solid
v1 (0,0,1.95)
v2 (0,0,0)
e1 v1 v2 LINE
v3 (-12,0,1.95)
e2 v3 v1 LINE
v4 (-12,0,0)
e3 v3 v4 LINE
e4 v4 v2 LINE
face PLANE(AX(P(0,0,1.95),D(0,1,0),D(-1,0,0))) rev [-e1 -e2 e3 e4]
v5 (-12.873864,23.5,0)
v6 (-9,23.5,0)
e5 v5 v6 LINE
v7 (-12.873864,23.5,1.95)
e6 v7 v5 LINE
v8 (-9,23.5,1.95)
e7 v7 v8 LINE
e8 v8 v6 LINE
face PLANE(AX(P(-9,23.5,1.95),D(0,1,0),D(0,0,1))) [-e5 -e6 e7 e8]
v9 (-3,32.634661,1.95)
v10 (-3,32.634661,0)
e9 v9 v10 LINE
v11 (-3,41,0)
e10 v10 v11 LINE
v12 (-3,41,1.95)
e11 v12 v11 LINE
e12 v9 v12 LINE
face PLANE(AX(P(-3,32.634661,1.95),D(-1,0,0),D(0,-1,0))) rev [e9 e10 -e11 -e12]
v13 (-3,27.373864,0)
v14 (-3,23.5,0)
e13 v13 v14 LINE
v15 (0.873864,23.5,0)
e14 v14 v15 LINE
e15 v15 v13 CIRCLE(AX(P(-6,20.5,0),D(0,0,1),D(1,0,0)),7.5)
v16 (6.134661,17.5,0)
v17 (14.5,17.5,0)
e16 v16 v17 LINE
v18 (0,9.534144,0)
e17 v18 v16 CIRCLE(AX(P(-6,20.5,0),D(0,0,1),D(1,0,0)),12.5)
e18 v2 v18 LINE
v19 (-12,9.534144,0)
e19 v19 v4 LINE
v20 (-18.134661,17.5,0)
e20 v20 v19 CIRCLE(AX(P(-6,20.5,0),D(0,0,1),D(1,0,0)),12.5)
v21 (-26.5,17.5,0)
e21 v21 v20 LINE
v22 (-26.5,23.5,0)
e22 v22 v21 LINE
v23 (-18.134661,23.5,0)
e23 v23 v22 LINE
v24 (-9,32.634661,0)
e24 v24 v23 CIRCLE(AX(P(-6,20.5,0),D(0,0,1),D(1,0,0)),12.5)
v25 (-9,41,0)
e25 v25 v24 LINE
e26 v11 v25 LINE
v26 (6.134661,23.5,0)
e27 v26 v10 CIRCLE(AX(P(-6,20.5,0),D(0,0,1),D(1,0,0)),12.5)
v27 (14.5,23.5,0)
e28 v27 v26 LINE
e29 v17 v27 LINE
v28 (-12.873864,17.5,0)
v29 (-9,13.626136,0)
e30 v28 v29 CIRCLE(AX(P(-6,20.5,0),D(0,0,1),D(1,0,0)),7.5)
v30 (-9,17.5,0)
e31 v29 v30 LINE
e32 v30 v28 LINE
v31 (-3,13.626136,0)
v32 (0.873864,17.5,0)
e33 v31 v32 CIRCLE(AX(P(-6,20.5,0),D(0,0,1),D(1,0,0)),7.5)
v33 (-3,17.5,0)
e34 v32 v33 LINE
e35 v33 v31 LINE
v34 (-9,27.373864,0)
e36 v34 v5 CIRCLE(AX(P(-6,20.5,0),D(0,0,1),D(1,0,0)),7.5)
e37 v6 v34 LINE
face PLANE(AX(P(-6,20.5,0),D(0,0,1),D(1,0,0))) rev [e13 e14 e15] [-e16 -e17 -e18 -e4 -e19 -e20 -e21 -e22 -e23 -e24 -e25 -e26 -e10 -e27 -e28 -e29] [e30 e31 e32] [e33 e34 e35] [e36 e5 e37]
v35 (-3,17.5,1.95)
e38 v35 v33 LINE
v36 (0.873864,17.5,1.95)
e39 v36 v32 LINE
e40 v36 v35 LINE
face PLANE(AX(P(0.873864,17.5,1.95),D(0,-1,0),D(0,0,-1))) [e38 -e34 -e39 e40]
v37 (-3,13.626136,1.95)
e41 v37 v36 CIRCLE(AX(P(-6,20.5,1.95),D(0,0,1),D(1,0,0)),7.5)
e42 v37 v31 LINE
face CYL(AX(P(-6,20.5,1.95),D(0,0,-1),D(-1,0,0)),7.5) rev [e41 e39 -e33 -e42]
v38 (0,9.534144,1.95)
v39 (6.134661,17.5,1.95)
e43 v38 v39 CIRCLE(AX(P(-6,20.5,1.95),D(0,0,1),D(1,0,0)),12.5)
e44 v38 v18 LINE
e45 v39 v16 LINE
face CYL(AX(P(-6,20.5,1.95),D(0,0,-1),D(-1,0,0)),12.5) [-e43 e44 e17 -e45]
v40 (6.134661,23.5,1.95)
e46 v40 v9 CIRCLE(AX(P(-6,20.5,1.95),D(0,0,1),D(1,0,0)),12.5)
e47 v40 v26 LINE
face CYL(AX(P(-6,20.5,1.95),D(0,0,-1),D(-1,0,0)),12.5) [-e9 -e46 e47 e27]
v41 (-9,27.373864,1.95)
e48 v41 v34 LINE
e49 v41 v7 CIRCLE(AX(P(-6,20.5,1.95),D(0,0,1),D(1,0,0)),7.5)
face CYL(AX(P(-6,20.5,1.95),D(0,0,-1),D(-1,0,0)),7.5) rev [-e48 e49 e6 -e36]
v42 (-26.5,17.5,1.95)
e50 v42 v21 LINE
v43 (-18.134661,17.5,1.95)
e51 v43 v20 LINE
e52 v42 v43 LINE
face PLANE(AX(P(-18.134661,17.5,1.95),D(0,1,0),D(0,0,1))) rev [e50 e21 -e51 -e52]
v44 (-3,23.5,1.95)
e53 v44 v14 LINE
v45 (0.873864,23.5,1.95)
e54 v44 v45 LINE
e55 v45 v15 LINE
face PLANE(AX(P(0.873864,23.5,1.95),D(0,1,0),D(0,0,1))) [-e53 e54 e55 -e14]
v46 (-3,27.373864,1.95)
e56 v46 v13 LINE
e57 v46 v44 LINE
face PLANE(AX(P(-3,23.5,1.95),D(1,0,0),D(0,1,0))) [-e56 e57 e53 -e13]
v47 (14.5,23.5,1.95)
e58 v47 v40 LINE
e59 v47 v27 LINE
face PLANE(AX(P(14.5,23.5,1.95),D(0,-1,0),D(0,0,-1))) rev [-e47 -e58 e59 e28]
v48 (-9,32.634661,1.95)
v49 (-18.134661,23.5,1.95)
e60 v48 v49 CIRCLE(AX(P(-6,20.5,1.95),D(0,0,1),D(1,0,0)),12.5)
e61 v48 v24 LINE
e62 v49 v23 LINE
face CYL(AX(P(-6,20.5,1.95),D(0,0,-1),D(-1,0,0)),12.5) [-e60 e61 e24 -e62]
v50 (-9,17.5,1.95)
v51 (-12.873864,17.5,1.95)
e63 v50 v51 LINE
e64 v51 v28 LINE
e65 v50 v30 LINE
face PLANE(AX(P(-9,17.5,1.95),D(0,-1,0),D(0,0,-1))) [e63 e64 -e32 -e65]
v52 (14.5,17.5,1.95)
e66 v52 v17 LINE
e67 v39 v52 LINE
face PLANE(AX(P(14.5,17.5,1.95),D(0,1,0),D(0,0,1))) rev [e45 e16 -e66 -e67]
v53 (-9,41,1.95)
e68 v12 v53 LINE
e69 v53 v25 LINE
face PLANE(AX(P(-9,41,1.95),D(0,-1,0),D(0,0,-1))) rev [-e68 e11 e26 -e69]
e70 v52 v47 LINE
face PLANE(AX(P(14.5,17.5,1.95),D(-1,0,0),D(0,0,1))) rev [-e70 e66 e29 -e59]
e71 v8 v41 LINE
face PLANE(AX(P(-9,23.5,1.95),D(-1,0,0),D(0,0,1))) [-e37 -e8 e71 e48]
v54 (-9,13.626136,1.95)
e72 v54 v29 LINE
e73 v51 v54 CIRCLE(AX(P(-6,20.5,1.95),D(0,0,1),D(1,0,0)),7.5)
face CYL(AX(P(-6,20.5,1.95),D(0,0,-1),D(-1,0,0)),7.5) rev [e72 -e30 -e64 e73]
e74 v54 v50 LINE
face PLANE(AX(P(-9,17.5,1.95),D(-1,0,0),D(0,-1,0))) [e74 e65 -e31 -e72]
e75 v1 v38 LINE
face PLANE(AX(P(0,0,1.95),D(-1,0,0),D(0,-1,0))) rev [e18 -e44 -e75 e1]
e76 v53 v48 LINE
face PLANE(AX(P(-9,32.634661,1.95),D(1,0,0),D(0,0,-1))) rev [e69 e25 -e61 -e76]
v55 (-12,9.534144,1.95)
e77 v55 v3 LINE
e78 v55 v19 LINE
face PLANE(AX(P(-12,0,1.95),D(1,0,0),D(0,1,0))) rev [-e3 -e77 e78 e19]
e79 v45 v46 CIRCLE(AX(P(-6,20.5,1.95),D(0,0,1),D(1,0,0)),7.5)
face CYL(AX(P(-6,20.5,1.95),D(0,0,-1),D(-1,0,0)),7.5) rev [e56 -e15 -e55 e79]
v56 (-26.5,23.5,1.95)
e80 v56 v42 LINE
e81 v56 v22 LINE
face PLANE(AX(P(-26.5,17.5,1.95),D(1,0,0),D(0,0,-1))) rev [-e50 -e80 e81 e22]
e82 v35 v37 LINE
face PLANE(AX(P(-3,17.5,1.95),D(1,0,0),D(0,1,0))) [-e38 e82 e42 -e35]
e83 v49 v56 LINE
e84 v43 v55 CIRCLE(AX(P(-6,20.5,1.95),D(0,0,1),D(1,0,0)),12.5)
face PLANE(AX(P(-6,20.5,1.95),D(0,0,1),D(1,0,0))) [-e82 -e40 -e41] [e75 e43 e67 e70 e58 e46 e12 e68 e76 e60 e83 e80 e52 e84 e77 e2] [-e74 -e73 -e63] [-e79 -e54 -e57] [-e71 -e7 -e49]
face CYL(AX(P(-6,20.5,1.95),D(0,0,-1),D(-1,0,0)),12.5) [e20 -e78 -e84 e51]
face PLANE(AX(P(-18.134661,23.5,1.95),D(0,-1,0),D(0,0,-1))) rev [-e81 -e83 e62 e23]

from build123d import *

# Parameters (mm, degrees)
SALIENTE_EXTRUIR1_DEPTH = 1.95
CROQUIS2_W              = 9.2
CROQUIS2_H              = 12
CORTAR_EXTRUIR1_DEPTH   = 2


with BuildPart() as part:
    # Croquis1 → Saliente-Extruir1 (new body)
    with BuildSketch(Plane.XY):
        with BuildLine():
            Line((0, 0), (-12, 0))
            Line((-12, 0), (-12, 9.5341439))
            ThreePointArc((-12, 9.5341439), (-15.903544777, 12.873087069), (-18.1346611, 17.5))
            Line((-18.1346611, 17.5), (-26.5, 17.5))
            Line((-26.5, 17.5), (-26.5, 23.5))
            Line((-26.5, 23.5), (-18.1346611, 23.5))
            ThreePointArc((-18.1346611, 23.5), (-14.838834765, 29.338834765), (-9, 32.6346611))
            Line((-9, 32.6346611), (-9, 41))
            Line((-9, 41), (-3, 41))
            Line((-3, 41), (-3, 32.6346611))
            ThreePointArc((-3, 32.6346611), (2.838834765, 29.338834765), (6.1346611, 23.5))
            Line((6.1346611, 23.5), (14.5, 23.5))
            Line((14.5, 23.5), (14.5, 17.5))
            Line((14.5, 17.5), (6.1346611, 17.5))
            ThreePointArc((6.1346611, 17.5), (3.903544777, 12.873087069), (0, 9.5341439))
            Line((0, 9.5341439), (0, 0))
        make_face()
        with BuildLine():
            Line((-9, 23.5), (-9, 27.373863542))
            ThreePointArc((-9, 27.373863542), (-11.303300859, 25.803300859), (-12.873863542, 23.5))
            Line((-12.873863542, 23.5), (-9, 23.5))
        make_face(mode=Mode.SUBTRACT)
        with BuildLine():
            Line((-3, 23.5), (-3, 27.373863542))
            ThreePointArc((-3, 27.373863542), (-0.696699141, 25.803300859), (0.873863542, 23.5))
            Line((0.873863542, 23.5), (-3, 23.5))
        make_face(mode=Mode.SUBTRACT)
        with BuildLine():
            Line((-9, 17.5), (-9, 13.626136458))
            ThreePointArc((-9, 13.626136458), (-11.303300859, 15.196699141), (-12.873863542, 17.5))
            Line((-12.873863542, 17.5), (-9, 17.5))
        make_face(mode=Mode.SUBTRACT)
        with BuildLine():
            Line((-3, 17.5), (-3, 13.626136458))
            ThreePointArc((-3, 13.626136458), (-0.696699141, 15.196699141), (0.873863542, 17.5))
            Line((0.873863542, 17.5), (-3, 17.5))
        make_face(mode=Mode.SUBTRACT)
    extrude(amount=SALIENTE_EXTRUIR1_DEPTH)

    # Croquis2 → Cortar-Extruir1 (cut)
    with BuildSketch(Plane.XY.offset(4)):
        with Locations((-6, 6)):
            Rectangle(CROQUIS2_W, CROQUIS2_H)
    extrude(amount=-CORTAR_EXTRUIR1_DEPTH, mode=Mode.SUBTRACT)


solid = part.part
